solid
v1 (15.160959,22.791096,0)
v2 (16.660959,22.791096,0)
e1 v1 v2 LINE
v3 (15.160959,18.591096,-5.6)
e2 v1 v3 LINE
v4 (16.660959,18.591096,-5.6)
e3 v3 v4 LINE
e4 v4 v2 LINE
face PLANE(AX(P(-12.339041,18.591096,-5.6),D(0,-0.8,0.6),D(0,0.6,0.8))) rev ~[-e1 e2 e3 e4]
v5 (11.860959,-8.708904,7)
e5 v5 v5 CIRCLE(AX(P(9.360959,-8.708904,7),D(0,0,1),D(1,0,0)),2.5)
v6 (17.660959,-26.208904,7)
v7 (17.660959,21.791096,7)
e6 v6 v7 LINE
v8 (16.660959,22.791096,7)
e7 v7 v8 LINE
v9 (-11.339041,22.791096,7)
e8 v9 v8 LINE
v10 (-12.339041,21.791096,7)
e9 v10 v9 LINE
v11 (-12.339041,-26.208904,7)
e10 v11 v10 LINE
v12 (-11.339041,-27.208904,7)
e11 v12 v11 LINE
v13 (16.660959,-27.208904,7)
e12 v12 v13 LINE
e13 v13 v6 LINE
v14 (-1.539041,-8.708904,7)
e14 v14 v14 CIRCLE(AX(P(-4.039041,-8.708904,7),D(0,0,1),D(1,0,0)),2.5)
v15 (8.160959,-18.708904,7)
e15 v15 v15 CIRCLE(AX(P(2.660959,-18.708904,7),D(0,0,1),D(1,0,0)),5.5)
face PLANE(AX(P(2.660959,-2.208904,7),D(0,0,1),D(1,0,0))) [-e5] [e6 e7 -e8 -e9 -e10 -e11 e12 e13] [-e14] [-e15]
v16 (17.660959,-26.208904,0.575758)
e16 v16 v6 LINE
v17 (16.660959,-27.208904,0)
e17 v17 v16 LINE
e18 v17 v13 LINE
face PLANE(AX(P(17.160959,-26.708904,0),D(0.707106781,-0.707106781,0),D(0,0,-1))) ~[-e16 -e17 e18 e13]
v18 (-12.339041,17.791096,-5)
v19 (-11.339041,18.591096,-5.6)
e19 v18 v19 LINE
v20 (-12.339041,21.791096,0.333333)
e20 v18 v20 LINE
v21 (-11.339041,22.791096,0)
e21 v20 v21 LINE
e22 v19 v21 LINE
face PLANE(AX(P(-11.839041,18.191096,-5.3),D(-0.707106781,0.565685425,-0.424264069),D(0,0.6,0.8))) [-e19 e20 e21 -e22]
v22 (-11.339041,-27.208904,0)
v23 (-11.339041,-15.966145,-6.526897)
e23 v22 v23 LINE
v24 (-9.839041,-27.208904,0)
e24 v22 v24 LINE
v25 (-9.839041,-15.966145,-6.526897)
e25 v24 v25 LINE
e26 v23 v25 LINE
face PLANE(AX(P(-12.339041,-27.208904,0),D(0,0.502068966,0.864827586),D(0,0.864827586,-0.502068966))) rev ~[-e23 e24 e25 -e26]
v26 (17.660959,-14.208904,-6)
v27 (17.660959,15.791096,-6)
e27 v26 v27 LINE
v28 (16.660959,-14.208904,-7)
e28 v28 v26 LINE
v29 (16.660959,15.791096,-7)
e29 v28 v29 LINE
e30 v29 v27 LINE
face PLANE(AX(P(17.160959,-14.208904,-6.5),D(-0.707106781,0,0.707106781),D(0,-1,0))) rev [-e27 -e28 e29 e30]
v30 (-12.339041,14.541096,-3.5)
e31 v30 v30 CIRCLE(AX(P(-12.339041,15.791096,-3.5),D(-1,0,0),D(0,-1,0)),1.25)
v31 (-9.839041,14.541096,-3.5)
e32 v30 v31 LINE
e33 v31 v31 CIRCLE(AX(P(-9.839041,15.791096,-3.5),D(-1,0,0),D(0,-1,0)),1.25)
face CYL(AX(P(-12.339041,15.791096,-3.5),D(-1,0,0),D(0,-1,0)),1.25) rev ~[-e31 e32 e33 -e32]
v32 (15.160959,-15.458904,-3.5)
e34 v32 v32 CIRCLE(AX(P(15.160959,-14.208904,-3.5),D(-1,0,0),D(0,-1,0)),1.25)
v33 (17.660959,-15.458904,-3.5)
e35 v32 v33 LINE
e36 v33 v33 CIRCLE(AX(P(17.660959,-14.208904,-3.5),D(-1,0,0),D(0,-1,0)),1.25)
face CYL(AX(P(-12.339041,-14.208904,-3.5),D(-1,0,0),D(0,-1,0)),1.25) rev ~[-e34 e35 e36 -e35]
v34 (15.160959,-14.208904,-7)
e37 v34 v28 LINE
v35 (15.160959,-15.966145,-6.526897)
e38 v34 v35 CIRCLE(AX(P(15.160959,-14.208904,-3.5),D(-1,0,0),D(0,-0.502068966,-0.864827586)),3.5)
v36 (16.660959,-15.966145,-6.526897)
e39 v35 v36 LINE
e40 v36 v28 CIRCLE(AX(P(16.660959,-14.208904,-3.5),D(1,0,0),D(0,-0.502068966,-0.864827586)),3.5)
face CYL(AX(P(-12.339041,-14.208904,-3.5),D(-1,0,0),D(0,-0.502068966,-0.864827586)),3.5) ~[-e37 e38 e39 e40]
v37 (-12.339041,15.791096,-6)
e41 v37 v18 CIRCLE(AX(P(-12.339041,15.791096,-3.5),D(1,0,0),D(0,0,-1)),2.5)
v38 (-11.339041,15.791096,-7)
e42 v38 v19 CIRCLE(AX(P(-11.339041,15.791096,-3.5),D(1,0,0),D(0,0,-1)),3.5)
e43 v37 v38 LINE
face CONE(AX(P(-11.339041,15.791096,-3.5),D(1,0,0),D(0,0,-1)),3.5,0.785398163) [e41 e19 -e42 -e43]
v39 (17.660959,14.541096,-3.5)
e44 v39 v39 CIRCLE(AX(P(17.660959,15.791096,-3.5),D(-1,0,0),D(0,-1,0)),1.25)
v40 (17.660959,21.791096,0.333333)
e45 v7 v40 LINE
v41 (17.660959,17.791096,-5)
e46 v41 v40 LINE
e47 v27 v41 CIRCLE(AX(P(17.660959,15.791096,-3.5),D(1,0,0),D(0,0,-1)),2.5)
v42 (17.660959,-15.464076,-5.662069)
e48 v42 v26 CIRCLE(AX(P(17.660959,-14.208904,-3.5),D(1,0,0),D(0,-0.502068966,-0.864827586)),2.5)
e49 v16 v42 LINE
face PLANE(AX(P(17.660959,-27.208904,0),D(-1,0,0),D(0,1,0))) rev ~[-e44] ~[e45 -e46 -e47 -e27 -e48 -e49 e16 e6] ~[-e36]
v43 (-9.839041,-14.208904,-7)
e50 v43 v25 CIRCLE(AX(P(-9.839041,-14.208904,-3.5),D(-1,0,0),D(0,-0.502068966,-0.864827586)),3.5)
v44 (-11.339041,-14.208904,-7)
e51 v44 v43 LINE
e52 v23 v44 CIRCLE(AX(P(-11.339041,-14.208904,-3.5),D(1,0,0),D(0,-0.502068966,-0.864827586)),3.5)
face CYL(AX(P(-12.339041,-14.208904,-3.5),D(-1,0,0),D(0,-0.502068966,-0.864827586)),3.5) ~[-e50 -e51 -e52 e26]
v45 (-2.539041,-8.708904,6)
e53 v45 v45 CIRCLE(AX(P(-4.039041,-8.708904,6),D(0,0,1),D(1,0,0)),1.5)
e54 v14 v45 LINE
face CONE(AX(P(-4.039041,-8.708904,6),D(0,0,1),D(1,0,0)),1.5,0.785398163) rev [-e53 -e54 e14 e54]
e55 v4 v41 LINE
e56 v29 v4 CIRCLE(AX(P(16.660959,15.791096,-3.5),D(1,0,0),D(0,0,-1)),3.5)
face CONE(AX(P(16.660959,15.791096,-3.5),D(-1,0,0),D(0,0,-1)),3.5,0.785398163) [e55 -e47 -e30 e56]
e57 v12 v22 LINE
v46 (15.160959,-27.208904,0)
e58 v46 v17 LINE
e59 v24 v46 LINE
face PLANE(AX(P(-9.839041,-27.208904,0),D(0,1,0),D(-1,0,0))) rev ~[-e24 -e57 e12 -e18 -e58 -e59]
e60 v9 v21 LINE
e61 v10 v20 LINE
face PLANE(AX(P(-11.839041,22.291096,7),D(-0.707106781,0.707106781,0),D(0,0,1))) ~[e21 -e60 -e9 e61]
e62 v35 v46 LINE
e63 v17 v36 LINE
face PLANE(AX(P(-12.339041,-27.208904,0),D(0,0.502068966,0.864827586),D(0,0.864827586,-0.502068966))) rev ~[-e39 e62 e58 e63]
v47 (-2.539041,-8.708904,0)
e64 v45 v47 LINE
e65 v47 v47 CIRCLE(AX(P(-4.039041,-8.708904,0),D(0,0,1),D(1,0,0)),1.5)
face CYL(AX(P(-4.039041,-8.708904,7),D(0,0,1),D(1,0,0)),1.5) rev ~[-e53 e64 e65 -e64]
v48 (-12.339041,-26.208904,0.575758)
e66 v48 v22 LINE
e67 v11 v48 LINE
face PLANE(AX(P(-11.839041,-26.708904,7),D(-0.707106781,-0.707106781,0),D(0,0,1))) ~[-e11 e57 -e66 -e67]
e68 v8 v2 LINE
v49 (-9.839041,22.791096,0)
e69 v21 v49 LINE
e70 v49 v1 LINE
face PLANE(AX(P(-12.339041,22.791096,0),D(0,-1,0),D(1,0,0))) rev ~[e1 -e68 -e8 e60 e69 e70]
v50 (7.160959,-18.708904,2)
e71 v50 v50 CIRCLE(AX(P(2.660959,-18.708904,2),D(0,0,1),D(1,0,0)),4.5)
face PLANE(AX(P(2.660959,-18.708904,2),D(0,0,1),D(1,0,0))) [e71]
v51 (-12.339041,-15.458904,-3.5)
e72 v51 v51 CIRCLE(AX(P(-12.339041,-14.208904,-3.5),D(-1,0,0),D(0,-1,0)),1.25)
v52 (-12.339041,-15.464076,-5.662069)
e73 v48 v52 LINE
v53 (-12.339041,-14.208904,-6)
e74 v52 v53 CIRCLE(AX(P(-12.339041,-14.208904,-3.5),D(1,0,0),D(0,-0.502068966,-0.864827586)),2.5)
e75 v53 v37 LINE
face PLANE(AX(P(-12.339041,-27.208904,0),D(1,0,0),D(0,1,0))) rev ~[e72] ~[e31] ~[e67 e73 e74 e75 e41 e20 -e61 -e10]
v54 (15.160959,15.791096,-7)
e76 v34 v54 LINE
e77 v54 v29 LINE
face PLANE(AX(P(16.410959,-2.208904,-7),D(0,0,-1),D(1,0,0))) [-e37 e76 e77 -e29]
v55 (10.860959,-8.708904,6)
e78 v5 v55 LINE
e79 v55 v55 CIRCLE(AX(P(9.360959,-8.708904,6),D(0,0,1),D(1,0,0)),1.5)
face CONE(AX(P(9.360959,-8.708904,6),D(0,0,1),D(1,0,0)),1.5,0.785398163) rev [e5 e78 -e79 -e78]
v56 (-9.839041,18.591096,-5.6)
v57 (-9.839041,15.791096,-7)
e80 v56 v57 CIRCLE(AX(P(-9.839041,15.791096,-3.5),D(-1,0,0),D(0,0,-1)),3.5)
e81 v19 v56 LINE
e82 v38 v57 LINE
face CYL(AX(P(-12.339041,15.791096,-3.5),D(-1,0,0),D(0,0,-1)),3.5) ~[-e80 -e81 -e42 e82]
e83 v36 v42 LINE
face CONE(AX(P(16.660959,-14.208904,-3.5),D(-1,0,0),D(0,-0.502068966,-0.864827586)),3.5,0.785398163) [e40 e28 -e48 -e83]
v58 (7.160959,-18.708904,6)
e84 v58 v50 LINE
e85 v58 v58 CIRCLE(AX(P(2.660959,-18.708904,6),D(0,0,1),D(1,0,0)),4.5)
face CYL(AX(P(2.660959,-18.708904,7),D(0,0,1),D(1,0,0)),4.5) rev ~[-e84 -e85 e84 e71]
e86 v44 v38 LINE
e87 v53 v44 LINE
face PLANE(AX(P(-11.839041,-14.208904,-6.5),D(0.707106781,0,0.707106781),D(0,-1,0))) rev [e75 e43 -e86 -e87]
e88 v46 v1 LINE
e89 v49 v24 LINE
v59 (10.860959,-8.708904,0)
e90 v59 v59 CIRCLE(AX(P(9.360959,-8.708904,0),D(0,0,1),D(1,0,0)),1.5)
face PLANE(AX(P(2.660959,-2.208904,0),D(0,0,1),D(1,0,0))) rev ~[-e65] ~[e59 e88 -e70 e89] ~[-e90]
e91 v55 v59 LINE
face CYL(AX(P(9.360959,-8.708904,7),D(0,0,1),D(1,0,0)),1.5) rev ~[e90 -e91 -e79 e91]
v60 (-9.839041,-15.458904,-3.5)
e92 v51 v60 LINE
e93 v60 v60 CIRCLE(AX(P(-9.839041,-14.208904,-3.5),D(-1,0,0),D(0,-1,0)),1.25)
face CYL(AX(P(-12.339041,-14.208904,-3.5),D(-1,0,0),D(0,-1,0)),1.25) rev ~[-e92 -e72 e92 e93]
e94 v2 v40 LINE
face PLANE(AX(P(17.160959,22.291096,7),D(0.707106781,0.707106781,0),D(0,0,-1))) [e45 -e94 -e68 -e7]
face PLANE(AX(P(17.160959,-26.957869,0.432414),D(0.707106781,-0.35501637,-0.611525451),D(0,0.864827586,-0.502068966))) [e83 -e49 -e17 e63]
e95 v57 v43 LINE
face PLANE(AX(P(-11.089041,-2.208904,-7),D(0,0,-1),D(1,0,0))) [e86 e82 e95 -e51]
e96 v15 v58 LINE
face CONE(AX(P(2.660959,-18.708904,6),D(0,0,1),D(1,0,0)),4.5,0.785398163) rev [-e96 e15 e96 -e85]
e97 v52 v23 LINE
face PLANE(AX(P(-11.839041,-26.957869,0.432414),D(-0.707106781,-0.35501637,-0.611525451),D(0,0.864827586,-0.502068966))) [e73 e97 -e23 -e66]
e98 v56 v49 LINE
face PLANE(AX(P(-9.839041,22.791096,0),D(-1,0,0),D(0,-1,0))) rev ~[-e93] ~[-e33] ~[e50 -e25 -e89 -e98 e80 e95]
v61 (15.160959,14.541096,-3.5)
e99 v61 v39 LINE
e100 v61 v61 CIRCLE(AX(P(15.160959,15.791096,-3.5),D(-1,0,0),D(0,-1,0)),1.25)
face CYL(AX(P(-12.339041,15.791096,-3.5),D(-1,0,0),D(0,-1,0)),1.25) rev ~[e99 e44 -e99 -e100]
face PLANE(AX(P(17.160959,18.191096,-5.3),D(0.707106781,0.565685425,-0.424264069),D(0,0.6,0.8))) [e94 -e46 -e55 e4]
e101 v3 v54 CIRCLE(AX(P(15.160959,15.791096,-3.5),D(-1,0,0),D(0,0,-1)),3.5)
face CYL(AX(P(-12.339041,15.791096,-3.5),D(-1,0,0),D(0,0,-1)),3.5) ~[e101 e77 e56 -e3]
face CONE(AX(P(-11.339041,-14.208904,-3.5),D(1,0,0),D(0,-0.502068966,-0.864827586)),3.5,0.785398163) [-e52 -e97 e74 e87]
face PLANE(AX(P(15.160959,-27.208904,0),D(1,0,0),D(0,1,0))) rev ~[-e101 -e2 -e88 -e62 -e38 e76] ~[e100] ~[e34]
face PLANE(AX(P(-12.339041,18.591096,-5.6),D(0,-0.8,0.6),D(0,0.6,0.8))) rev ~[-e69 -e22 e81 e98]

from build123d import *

# Parameters (mm, degrees)
F0_W     = 30
F0_H     = 50
F1_DEPTH = 7
F2_R     = 4.5
F3_DEPTH = 5
F4_R     = 1.5
F5_DEPTH = 7.001
F7_DEPTH = 7
F8_R     = 1.25
F9_DEPTH = 30.001
F10_SIZE = 1


with BuildPart() as f1:
    # F0 (on Top) → F1 (new body)
    with BuildSketch(Plane.XY):
        with Locations((2.6609585285, -2.2089038044)):
            Rectangle(F0_W, F0_H)
    extrude(amount=F1_DEPTH)

    # F2 (on face) → F3 (cut)
    with BuildSketch(Plane.XY.offset(7)):
        with Locations((2.6609585285, -18.7089038044)):
            Circle(F2_R)
    extrude(amount=-F3_DEPTH, mode=Mode.SUBTRACT)

    # F4 (on face) → F5 (cut, through all)
    with BuildSketch(Plane.XY.offset(7)):
        with Locations((9.3609585285, -8.7089038044)):
            Circle(F4_R)
        with Locations((-4.0390414715, -8.7089038044)):
            Circle(F4_R)
    extrude(amount=-F5_DEPTH, mode=Mode.SUBTRACT)

    # F6 (on face) → F7 (join)
    with BuildSketch(Plane(origin=(0, 0, 0), x_dir=(1, 0, 0), z_dir=(0, 0, -1))):
        Polygon((-9.8390414715, 27.2089038044), (-12.3390414715, 27.2089038044), (-12.3390414715, -22.7910961956), (-9.8390414715, -22.7910961956), (-9.8390414715, -19.8687557131), (-9.8390414715, -19.1495772451), align=None)
        Polygon((17.6609585285, 27.2089038044), (15.1609585285, 27.2089038044), (15.1609585285, -19.1495772451), (15.1609585285, -19.8687557131), (15.1609585285, -22.7910961956), (17.6609585285, -22.7910961956), align=None)
    extrude(amount=F7_DEPTH)

    # F8 (on face) → F9 (cut, through all)
    with BuildSketch(Plane(origin=(-12.3390414715, 0, 0), x_dir=(0, -1, 0), z_dir=(-1, 0, 0))):
        with BuildLine():
            ThreePointArc((-15.7910961956, -7), (-17.3563437798, -6.6304951685), (-18.5910961956, -5.6))
            Line((-18.5910961956, -5.6), (-22.7910961956, 0))
            Line((-22.7910961956, 0), (-22.7910961956, -7))
            Line((-22.7910961956, -7), (-15.7910961956, -7))
        make_face()
        with BuildLine():
            ThreePointArc((15.9661451837, -6.5268965517), (15.1188109615, -6.8796551548), (14.2089038044, -7))
            Line((14.2089038044, -7), (27.2089038044, -7))
            Line((27.2089038044, -7), (27.2089038044, 0))
            Line((27.2089038044, 0), (15.9661451837, -6.5268965517))
        make_face()
        with Locations((14.2089038044, -3.5)):
            Circle(F8_R)
        with Locations((-15.7910961956, -3.5)):
            Circle(F8_R)
    extrude(amount=-F9_DEPTH, mode=Mode.SUBTRACT)

    # F10
    f10_edges = [f1.edges().sort_by_distance(p)[0] for p in [
        (-12.339041, 22.791096, 3.5),
        (-12.339041, 20.691096, -2.8),
        (-12.339041, -27.208904, 3.5),
        (17.660959, -27.208904, 3.5),
        (17.660959, -21.587524, -3.263448),
        (17.660959, 22.791096, 3.5),
        (-1.839041, -18.708904, 7),
        (-5.539041, -8.708904, 7),
        (7.860959, -8.708904, 7),
    ]]
    chamfer(f10_edges, length=F10_SIZE)


solid = f1.part
